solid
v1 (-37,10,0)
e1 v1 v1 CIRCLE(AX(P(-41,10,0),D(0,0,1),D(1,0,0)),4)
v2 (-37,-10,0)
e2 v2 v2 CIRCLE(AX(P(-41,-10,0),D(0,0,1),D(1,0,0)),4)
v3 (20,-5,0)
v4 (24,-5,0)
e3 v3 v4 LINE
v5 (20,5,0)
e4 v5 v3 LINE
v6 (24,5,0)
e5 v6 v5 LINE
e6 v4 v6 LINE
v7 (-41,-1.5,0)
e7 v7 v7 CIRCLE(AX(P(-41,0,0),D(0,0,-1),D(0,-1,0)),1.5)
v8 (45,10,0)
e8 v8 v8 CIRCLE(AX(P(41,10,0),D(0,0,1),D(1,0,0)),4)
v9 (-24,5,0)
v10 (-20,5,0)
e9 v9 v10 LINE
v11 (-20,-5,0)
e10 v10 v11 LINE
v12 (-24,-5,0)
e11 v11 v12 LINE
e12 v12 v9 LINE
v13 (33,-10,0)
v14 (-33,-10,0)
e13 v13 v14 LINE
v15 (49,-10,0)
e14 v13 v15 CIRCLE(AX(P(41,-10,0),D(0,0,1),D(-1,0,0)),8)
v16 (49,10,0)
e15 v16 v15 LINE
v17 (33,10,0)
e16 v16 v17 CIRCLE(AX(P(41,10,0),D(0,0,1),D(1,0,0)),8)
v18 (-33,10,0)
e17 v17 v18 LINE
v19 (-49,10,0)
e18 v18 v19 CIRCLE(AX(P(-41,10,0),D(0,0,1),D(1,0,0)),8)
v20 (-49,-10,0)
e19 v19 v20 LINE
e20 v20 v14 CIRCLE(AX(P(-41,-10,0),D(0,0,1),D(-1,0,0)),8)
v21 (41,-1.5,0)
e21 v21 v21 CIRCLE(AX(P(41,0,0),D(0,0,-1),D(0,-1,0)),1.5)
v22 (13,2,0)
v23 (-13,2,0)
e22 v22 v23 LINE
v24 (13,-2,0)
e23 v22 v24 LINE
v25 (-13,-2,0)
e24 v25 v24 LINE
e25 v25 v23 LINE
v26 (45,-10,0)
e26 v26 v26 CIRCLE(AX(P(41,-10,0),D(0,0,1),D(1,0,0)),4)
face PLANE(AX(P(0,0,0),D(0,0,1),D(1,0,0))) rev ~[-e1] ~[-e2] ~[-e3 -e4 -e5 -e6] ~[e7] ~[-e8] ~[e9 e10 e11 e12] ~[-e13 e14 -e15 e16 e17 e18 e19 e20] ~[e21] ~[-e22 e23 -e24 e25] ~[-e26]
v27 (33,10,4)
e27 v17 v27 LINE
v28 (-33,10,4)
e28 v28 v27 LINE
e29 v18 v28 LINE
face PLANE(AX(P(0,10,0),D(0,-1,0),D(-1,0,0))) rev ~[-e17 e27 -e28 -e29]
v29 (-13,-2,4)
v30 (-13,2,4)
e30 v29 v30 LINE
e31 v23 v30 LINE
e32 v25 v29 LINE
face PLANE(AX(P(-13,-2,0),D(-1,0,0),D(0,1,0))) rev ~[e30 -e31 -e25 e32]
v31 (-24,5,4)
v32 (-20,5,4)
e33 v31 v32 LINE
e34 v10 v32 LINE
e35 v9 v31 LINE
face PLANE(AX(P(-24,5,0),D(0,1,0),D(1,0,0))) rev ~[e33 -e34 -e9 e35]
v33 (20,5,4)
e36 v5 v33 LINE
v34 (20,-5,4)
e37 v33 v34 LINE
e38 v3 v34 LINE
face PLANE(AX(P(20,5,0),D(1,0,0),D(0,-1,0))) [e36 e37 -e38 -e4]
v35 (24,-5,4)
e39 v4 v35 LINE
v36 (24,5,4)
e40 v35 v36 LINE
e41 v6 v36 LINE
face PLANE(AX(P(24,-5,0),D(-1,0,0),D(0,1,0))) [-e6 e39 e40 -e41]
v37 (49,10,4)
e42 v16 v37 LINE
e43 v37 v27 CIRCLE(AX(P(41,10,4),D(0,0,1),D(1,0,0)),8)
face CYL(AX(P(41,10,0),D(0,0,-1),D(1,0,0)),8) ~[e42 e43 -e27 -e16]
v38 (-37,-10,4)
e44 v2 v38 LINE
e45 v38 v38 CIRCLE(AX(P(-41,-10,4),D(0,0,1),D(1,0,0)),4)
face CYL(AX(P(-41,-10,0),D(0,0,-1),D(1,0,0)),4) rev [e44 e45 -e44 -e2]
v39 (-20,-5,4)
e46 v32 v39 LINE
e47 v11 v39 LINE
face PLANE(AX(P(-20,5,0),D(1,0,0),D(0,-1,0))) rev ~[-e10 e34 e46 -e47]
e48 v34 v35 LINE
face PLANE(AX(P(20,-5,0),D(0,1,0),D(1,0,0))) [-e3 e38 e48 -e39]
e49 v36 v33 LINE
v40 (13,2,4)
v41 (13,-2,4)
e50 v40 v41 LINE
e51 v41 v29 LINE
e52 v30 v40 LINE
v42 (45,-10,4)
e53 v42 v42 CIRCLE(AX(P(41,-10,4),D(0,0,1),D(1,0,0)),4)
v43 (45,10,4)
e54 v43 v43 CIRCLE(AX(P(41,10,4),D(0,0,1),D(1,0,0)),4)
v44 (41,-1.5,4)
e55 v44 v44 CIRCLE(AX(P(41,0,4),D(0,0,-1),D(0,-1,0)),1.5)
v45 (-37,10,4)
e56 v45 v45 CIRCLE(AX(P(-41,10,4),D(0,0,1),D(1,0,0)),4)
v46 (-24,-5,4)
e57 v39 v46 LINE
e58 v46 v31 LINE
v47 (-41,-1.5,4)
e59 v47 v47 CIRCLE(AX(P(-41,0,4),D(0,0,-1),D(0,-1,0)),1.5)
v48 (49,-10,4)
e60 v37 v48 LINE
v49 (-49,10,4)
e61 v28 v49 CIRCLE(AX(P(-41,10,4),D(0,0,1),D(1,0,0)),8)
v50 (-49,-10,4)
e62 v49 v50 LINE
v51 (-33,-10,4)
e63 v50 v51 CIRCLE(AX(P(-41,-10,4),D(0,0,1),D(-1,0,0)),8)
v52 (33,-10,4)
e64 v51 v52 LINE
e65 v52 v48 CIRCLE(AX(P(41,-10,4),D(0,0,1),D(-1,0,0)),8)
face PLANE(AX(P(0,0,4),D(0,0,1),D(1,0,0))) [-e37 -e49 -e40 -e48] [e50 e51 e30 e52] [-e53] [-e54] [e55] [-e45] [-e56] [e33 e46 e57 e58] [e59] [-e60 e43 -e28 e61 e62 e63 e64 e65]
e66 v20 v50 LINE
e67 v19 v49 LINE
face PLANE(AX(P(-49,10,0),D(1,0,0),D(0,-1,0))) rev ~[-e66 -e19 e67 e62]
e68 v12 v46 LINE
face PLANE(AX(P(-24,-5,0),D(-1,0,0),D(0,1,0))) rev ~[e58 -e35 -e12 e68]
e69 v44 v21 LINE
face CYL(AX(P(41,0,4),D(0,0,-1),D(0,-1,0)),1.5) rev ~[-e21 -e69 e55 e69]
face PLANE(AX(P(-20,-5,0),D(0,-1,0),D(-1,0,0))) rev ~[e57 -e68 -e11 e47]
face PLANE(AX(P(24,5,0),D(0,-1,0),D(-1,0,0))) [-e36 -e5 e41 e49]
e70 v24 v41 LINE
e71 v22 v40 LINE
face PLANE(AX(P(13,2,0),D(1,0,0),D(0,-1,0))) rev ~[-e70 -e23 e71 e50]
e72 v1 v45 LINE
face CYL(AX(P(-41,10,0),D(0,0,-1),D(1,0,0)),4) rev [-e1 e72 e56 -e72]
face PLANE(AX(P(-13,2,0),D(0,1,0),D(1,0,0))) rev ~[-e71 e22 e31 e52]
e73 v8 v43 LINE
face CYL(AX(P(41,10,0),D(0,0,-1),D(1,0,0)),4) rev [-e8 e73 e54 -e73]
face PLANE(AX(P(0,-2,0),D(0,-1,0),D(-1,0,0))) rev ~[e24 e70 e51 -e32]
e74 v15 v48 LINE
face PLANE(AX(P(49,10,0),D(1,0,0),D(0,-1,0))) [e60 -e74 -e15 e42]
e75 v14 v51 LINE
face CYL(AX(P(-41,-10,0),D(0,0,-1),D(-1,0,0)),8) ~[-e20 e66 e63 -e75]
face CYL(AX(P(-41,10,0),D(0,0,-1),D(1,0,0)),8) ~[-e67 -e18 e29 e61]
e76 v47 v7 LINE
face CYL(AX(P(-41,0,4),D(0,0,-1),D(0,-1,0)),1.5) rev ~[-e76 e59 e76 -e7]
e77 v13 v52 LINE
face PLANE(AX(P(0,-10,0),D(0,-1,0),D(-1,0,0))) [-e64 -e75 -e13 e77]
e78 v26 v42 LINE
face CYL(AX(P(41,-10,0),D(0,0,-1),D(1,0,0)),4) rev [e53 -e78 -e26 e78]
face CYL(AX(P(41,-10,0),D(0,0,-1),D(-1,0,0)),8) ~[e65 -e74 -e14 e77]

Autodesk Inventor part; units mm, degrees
ref_plane "YZ Plane" through (0, 0, 0) normal (1, 0, 0) x (0, 1, 0)
ref_plane "XZ Plane" through (0, 0, 0) normal (0, 1, 0) x (-1, 0, 0)
ref_plane "XY Plane" through (0, 0, 0) normal (0, 0, 1) x (1, 0, 0)
sketch "Эскиз1" plane through (0, 0, 0) normal (0, 0, 1) x (1, 0, 0)
  circle A0 centre (-41, -10) radius 4
  circle A1 centre (-41, 10) radius 4
  circle A2 centre (41, 10) radius 4
  circle A3 centre (41, -10) radius 4
  line L0 (-41, 10) -> (41, 10) construction
  line L1 (41, 10) -> (41, -10) construction
  line L2 (41, -10) -> (-41, -10) construction
  line L3 (-41, -10) -> (-41, 10) construction
  arc A4 (-33, 10) -> (-49, 10) centre (-41, 10) ccw
  arc A5 (-49, -10) -> (-33, -10) centre (-41, -10) ccw
  arc A6 (33, -10) -> (49, -10) centre (41, -10) ccw
  arc A7 (49, 10) -> (33, 10) centre (41, 10) ccw
  line L4 (-49, 10) -> (-49, -10)
  line L5 (49, 10) -> (49, -10)
  line L6 (33, 10) -> (-33, 10)
  line L7 (33, -10) -> (-33, -10)
  line L8 (13, -2) -> (-13, -2)
  line L9 (-13, -2) -> (-13, 2)
  line L10 (-13, 2) -> (13, 2)
  line L11 (13, 2) -> (13, -2)
  line L12 (-24, 5) -> (-20, 5)
  line L13 (-20, 5) -> (-20, -5)
  line L14 (-20, -5) -> (-24, -5)
  line L15 (-24, -5) -> (-24, 5)
  line L16 (20, -5) -> (24, -5)
  line L17 (24, -5) -> (24, 5)
  line L18 (24, 5) -> (20, 5)
  line L19 (20, 5) -> (20, -5)
  line L20 (0, -10) -> (0, 10)
  point P0 (0, 0)
  point P1 (41, 0)
  point P2 (0, 2)
  point P3 (13, 0)
  point P4 (-20, 0)
  point P5 (-13, 0)
  dimension "d0" = 8
  dimension "d1" = 20
  dimension "d2" = 82
  dimension "d3" = 8
  dimension "d6" = 10
  dimension "d7" = 10
  dimension "d8" = 4
  dimension "d9" = 26
  dimension "d10" = 10
  dimension "d11" = 40
extrude "Выдавливание1" add sketch "Эскиз1" along normal blind 4 contours L6 L20 L10 L9 L8 L7 A5 L4 A4 | L6 A7 L5 A6 L7 L20 L8 L11 L10
sketch "Эскиз2" plane through (0, 0, 4) normal (0, 0, 1) x (1, 0, 0)
  line L0 (-13, -2) -> (-13, 2) projected
  line L1 (-13, 2) -> (13, 2) projected
  line L2 (13, 2) -> (13, -2) projected
  line L3 (13, -2) -> (-13, -2) projected
  circle A0 centre (41, -10) radius 4 projected
  circle A1 centre (41, 10) radius 4 projected
  circle A2 centre (-41, 10) radius 4 projected
  circle A3 centre (-41, -10) radius 4 projected
  line L4 (20, -5) -> (20, 5) projected
  line L5 (20, 5) -> (24, 5) projected
  line L6 (24, 5) -> (24, -5) projected
  line L7 (24, -5) -> (20, -5) projected
  line L8 (-20, 5) -> (-20, -5) projected
  line L9 (-20, -5) -> (-24, -5) projected
  line L10 (-24, -5) -> (-24, 5) projected
  line L11 (-24, 5) -> (-20, 5) projected
  arc A4 (-33, 10) -> (-49, 10) centre (-41, 10) ccw projected
  line L12 (-49, 10) -> (-49, -10) projected
  arc A5 (-49, -10) -> (-33, -10) centre (-41, -10) ccw projected
  line L13 (-33, -10) -> (33, -10) projected
  arc A6 (33, -10) -> (49, -10) centre (41, -10) ccw projected
  line L14 (49, -10) -> (49, 10) projected
  arc A7 (49, 10) -> (33, 10) centre (41, 10) ccw projected
  line L15 (33, 10) -> (-33, 10) projected
  point P0 (0, 0)
  point P1 (-41, 0)
  point P2 (41, 0)
hole "Отверстие1" at (-41, 0, 4) at (41, 0, 4) direction (0, 0, -1) diameter 3 end through all
properties part number "PistonPart1" material "Дерево (вишня)"
